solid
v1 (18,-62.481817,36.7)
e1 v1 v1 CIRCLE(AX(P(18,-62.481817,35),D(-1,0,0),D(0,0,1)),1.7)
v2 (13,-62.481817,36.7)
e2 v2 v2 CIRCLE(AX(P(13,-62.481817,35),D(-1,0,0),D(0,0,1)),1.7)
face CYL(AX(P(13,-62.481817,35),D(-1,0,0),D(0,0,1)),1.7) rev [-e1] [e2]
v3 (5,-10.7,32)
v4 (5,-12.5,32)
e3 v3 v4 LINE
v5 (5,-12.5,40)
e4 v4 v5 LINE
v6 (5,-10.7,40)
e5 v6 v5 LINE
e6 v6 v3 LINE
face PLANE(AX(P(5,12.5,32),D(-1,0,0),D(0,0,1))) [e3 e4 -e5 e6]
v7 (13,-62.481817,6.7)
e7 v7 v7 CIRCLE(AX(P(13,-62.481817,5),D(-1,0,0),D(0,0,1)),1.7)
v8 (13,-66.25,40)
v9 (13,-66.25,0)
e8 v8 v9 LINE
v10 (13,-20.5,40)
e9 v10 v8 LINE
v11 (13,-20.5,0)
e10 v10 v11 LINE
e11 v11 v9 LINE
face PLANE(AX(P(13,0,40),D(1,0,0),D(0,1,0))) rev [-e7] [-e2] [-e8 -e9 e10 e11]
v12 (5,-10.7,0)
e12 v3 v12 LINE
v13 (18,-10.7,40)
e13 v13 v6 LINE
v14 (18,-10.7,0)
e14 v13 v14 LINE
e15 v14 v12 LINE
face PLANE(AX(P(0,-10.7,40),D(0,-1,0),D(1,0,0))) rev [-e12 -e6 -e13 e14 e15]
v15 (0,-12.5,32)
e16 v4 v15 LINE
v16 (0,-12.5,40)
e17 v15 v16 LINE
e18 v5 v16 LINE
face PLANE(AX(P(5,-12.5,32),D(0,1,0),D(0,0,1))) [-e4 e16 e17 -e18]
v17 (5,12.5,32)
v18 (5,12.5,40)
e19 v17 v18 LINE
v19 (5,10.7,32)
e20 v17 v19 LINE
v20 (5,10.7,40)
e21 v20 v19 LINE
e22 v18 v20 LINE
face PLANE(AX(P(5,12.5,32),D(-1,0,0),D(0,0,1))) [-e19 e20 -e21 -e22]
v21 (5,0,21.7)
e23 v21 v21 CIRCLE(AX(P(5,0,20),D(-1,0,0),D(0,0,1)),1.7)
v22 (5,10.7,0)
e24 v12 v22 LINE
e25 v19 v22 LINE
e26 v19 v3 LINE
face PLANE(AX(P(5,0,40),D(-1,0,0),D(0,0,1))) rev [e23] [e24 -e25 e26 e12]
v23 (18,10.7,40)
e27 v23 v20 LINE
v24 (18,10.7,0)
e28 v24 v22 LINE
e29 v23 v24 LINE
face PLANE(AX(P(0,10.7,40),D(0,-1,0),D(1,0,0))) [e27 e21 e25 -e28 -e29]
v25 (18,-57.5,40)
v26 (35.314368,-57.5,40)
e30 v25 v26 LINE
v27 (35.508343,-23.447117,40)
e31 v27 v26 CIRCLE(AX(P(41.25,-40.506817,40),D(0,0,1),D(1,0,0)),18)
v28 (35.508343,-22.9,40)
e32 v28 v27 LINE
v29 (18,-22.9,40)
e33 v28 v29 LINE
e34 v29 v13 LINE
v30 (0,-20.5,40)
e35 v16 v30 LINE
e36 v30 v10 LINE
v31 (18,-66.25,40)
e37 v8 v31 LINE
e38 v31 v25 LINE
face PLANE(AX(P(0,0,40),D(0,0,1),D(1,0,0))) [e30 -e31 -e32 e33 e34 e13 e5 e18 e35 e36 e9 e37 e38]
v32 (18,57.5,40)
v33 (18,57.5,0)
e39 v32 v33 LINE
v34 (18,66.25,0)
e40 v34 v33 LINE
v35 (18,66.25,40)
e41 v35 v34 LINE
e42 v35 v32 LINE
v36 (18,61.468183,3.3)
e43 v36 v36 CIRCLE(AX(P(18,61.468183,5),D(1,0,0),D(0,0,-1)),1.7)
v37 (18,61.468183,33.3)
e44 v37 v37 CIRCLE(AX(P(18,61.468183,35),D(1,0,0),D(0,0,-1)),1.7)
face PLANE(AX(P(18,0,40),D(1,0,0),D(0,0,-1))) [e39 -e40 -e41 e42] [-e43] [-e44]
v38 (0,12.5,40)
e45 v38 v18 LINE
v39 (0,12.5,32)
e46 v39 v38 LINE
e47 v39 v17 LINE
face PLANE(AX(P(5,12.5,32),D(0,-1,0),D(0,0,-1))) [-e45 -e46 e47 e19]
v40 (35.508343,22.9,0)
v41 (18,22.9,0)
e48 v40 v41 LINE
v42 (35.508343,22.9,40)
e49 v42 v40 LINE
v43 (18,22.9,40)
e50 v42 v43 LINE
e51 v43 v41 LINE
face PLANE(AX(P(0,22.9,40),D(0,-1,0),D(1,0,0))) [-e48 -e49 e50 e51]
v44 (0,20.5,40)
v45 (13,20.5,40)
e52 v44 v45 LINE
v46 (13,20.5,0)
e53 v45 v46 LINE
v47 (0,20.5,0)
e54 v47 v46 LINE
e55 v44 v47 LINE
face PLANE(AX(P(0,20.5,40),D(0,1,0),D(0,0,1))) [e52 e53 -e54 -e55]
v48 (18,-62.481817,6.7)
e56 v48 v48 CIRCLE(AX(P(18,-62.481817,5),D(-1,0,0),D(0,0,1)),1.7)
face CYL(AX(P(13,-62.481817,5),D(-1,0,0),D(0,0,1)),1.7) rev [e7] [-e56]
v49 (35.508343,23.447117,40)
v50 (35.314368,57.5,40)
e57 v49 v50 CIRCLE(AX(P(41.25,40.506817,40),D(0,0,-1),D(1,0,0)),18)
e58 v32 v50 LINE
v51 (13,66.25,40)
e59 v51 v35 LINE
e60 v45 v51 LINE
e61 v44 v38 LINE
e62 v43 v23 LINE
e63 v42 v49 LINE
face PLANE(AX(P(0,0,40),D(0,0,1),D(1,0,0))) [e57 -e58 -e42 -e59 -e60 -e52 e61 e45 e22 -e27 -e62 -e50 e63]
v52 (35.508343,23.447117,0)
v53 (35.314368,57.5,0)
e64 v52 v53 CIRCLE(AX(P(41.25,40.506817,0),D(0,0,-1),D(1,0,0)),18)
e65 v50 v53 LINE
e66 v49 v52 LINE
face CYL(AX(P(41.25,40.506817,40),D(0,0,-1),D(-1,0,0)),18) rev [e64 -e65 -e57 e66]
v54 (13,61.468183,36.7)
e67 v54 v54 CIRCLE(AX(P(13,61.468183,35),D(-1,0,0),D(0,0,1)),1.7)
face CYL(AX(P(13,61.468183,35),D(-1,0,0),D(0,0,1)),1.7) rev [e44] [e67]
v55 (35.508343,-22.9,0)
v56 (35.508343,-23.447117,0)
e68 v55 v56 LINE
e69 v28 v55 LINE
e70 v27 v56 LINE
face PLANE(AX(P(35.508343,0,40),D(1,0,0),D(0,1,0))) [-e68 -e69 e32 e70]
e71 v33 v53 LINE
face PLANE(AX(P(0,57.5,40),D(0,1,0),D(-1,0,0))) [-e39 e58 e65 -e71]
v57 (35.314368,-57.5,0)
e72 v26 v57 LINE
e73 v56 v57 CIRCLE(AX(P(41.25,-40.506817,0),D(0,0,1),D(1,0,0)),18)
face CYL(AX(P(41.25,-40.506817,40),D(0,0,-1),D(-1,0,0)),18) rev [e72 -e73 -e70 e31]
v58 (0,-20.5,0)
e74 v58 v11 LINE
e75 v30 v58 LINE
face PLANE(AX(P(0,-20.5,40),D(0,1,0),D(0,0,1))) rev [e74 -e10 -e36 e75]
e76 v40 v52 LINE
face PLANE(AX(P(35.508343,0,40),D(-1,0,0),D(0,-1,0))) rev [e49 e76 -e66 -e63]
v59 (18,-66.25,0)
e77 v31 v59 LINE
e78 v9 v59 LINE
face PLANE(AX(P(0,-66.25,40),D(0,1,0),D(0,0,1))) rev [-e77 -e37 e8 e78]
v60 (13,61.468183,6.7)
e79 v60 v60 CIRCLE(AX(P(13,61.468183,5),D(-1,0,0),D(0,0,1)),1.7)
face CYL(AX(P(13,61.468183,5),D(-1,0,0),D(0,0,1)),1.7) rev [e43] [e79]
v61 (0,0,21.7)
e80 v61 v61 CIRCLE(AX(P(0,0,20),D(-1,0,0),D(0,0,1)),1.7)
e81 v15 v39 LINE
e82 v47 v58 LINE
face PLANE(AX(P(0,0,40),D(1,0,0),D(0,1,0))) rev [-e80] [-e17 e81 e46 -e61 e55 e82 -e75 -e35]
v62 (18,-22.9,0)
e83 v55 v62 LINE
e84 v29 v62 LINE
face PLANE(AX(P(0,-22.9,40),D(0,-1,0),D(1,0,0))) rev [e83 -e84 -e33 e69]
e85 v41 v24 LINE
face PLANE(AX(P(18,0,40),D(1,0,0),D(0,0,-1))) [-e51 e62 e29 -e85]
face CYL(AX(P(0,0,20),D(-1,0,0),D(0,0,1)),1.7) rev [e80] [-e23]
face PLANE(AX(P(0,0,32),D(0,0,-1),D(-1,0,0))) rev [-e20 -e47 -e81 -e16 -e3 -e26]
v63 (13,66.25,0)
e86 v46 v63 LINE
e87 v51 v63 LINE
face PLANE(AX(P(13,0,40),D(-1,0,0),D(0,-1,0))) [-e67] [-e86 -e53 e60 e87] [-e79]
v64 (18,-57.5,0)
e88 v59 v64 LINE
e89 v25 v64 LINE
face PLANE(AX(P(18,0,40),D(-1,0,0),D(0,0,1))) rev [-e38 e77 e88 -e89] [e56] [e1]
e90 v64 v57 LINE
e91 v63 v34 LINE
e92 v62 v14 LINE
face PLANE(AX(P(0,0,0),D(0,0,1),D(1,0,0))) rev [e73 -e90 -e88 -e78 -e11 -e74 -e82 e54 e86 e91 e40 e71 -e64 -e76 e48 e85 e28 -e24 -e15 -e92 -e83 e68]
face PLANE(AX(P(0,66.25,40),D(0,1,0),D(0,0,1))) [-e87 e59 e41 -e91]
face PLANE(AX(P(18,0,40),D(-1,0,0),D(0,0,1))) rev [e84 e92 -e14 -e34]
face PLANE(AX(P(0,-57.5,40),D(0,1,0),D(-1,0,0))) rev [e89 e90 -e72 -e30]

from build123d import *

# Parameters (mm, degrees)
BOSS_EXTRUDE1_DEPTH  = 40
M3_CLEARANCE_HOLE1_D = 3.4
SKETCH6_W            = 5
SKETCH6_H            = 25
CUT_EXTRUDE1_DEPTH   = 8
M3_CLEARANCE_HOLE2_D = 3.4


with BuildPart() as part:
    # Sketch1 → Boss-Extrude1 (new body)
    with BuildSketch(Plane.XY):
        with BuildLine():
            Line((5, 0), (0, 0))
            Line((0, 0), (0, -20.5))
            Line((0, -20.5), (13, -20.5))
            Line((13, -20.5), (13, -66.25))
            Line((13, -66.25), (18, -66.25))
            Line((18, -66.25), (18, -57.5))
            Line((18, -57.5), (35.314368035, -57.5))
            ThreePointArc((35.314368035, -57.5), (23.250292021, -40.40428558), (35.508342613, -23.447116675))
            Line((35.508342613, -23.447116675), (35.508342613, -22.9))
            Line((35.508342613, -22.9), (18, -22.9))
            Line((18, -22.9), (18, -10.7))
            Line((18, -10.7), (5, -10.7))
            Line((5, -10.7), (5, 0))
        make_face()
    boss_extrude1 = extrude(amount=BOSS_EXTRUDE1_DEPTH)

    # Mirror1: Boss-Extrude1 across plane
    add(boss_extrude1.mirror(Plane.ZX))

    # M3 Clearance Hole1 (through all)
    with Locations(Plane.ZY.offset(-13)):
        with Locations((35, -62.481816862), (5, -62.481816862), (35, 61.468183138), (5, 61.468183138)):
            Hole(M3_CLEARANCE_HOLE1_D / 2)

    # Sketch6 → Cut-Extrude1 (cut)
    with BuildSketch(Plane(origin=(0, 0, 40), x_dir=(-1, 0, 0), z_dir=(0, 0, -1))):
        with Locations((-2.5, 0)):
            Rectangle(SKETCH6_W, SKETCH6_H)
    extrude(amount=CUT_EXTRUDE1_DEPTH, mode=Mode.SUBTRACT)

    # M3 Clearance Hole2 (through all)
    with Locations(Plane.ZY):
        with Locations((20, 0)):
            Hole(M3_CLEARANCE_HOLE2_D / 2)


solid = part.part
